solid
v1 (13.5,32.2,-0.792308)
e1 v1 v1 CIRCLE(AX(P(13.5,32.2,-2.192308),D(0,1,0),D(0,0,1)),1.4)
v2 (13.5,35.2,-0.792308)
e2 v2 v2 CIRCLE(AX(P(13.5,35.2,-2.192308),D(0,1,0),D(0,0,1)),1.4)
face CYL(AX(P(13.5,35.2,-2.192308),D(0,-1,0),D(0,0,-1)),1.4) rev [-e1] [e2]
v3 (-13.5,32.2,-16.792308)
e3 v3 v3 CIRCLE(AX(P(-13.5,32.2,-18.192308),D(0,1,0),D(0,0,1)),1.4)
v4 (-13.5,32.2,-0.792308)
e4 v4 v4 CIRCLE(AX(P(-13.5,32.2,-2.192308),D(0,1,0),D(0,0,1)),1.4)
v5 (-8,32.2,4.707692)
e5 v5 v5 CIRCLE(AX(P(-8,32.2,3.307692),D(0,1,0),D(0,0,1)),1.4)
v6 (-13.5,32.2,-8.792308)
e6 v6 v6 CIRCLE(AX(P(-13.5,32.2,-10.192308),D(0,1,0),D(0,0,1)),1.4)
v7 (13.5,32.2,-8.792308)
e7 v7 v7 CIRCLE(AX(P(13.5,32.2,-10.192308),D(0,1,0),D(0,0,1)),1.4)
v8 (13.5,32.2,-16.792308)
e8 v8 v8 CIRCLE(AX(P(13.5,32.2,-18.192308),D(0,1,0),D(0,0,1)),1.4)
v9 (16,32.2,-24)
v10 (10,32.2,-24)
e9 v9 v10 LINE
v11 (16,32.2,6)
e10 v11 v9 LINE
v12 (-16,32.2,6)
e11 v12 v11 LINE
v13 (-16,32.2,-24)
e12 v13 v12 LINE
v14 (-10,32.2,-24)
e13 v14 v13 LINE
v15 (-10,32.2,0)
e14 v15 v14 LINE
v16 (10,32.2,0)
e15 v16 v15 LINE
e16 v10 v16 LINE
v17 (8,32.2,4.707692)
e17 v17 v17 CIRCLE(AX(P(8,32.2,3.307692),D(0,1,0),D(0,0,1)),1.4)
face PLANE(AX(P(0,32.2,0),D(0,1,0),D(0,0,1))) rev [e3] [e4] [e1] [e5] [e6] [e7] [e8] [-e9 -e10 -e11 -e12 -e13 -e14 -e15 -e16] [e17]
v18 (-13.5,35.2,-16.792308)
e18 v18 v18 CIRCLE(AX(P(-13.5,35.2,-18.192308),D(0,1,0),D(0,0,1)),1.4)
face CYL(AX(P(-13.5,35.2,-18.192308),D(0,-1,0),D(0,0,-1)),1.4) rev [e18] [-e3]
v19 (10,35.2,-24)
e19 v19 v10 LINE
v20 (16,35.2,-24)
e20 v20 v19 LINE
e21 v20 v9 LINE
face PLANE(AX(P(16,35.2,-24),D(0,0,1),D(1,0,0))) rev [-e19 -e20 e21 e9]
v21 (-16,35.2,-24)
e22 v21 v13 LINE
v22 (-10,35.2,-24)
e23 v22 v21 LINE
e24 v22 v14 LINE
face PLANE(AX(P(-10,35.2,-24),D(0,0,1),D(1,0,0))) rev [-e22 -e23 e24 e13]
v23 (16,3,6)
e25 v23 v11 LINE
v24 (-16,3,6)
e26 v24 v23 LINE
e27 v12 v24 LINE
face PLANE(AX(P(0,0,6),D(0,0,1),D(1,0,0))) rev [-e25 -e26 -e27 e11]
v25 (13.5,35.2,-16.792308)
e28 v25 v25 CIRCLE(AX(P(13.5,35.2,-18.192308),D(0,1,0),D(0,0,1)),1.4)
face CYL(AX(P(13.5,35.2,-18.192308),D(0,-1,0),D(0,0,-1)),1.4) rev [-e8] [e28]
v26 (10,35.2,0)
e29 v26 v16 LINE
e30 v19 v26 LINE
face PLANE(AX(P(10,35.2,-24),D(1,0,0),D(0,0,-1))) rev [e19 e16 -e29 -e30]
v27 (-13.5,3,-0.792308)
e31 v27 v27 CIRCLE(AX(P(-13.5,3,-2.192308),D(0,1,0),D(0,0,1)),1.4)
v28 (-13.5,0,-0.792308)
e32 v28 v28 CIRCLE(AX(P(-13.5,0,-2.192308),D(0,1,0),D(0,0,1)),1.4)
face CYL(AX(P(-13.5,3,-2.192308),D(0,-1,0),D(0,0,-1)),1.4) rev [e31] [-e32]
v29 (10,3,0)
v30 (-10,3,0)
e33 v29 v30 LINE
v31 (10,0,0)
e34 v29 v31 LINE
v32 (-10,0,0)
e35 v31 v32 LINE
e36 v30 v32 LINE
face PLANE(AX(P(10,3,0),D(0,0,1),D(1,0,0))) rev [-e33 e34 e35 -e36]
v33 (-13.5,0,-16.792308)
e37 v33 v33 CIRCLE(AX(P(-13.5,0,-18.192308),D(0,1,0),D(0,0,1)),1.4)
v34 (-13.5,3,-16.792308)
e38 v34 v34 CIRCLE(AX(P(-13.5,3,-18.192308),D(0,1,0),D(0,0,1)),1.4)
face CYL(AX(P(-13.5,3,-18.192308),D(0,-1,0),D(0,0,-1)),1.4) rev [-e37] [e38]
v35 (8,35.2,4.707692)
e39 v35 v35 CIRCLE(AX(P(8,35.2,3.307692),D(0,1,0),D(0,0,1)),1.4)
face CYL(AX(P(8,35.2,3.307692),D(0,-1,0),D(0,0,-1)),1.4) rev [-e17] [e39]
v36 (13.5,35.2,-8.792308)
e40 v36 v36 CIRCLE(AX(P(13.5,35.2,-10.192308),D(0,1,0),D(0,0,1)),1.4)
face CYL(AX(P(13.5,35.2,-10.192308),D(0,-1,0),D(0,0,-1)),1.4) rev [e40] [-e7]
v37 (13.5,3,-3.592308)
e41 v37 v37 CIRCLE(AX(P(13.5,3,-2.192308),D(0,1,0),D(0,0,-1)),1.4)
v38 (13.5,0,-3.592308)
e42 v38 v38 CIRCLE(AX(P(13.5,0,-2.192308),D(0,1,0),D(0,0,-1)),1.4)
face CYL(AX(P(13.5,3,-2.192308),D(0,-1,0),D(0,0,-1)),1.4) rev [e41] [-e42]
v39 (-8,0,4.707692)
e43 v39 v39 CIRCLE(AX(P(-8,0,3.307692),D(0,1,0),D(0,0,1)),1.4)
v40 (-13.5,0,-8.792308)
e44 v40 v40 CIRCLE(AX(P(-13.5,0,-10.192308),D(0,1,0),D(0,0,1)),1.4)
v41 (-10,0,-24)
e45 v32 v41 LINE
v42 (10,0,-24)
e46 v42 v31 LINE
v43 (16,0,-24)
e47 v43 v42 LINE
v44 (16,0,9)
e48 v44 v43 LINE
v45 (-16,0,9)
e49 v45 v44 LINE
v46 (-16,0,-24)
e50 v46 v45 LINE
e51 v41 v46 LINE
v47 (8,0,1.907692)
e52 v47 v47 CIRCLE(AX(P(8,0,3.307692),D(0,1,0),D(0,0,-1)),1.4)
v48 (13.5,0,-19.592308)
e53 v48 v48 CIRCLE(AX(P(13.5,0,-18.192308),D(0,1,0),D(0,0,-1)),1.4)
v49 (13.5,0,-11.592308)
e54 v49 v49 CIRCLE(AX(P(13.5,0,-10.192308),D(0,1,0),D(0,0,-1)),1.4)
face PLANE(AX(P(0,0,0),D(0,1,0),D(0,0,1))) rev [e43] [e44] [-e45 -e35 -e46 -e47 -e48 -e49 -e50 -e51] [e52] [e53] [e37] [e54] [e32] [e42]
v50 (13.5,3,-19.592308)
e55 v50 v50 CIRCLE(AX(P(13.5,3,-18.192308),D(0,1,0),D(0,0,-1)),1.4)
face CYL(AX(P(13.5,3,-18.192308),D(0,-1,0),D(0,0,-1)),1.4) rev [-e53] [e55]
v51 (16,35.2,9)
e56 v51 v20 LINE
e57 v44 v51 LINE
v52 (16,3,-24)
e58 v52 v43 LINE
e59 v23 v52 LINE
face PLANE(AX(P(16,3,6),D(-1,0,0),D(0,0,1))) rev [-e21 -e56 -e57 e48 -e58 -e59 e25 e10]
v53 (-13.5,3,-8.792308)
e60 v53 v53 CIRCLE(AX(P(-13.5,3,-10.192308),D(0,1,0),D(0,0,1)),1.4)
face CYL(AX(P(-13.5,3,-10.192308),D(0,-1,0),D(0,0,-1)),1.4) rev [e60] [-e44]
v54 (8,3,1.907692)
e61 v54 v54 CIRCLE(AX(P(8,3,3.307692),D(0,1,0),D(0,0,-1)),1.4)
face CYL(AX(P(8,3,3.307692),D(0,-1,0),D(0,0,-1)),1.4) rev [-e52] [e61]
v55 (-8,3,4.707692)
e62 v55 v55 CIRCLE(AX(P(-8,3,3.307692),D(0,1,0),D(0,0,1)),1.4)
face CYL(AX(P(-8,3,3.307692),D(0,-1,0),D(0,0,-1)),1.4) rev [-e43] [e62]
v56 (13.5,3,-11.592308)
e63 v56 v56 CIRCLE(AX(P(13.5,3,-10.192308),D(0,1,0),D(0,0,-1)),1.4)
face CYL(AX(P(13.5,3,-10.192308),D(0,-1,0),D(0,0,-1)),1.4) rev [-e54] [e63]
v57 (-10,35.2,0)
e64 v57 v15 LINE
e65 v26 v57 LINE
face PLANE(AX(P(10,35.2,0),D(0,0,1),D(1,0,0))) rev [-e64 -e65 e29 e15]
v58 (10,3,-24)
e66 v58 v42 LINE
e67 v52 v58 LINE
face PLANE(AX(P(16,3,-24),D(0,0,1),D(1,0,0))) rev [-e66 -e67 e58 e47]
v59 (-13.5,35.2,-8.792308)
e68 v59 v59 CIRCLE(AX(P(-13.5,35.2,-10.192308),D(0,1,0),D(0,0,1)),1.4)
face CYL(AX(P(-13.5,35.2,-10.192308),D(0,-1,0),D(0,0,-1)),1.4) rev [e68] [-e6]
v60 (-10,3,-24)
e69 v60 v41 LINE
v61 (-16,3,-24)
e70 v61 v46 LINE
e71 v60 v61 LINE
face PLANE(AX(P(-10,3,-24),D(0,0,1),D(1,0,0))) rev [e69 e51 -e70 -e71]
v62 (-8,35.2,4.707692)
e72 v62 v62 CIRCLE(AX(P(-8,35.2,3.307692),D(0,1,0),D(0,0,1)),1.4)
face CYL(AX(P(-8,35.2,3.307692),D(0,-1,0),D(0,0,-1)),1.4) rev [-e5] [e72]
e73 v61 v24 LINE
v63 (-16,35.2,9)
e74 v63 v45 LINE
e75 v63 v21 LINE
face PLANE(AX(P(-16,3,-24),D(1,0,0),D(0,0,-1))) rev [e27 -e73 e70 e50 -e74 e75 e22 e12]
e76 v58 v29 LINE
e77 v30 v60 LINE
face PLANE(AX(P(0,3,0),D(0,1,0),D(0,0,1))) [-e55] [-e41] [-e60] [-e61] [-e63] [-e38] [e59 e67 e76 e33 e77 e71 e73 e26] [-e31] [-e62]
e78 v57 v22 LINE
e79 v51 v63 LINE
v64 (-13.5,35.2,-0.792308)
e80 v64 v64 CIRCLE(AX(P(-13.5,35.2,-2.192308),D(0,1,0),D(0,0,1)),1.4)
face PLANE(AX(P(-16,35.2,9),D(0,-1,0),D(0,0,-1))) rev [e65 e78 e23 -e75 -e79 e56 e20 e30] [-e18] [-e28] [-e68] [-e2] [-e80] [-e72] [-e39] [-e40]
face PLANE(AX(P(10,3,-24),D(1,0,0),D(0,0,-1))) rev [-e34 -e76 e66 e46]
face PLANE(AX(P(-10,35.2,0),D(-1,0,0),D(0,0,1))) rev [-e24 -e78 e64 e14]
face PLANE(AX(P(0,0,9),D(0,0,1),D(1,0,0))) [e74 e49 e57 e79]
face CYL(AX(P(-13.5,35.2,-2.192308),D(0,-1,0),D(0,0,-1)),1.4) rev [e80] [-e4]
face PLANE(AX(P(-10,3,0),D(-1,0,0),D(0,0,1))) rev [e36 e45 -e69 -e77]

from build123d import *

# Parameters (mm, degrees)
SKETCH1_R           = 1.4
BOSS_EXTRUDE1_DEPTH = 3
SKETCH2_R           = 1.4
BOSS_EXTRUDE2_DEPTH = 3
SKETCH3_W           = 32
SKETCH3_H           = 35.2
BOSS_EXTRUDE3_DEPTH = 3


with BuildPart() as part:
    # Sketch1 → Boss-Extrude1 (new body)
    with BuildSketch(Plane(origin=(0, 0, 0), x_dir=(1, 0, 0), z_dir=(0, 1, 0))):
        Polygon((-16, 24), (-16, -6), (16, -6), (16, 24), (10, 24), (10, 0), (-10, 0), (-10, 24), align=None)
        with Locations(Location((-8, -3.307692308, 0), (0, 0, 270))):
            Circle(SKETCH1_R, mode=Mode.SUBTRACT)
        with Locations(Location((8, -3.307692308, 0), (0, 0, 90))):
            Circle(SKETCH1_R, mode=Mode.SUBTRACT)
        with Locations(Location((-13.5, 18.192307692, 0), (0, 0, 270))):
            Circle(SKETCH1_R, mode=Mode.SUBTRACT)
        with Locations(Location((-13.5, 10.192307692, 0), (0, 0, 270))):
            Circle(SKETCH1_R, mode=Mode.SUBTRACT)
        with Locations(Location((-13.5, 2.192307692, 0), (0, 0, 270))):
            Circle(SKETCH1_R, mode=Mode.SUBTRACT)
        with Locations(Location((13.5, 2.192307692, 0), (0, 0, 90))):
            Circle(SKETCH1_R, mode=Mode.SUBTRACT)
        with Locations(Location((13.5, 10.192307692, 0), (0, 0, 90))):
            Circle(SKETCH1_R, mode=Mode.SUBTRACT)
        with Locations(Location((13.5, 18.192307692, 0), (0, 0, 90))):
            Circle(SKETCH1_R, mode=Mode.SUBTRACT)
    extrude(amount=BOSS_EXTRUDE1_DEPTH)



with BuildPart() as body_2:
    # Sketch2 → Boss-Extrude2 (new body)
    with BuildSketch(Plane(origin=(0, 32.2, 0), x_dir=(1, 0, 0), z_dir=(0, 1, 0))):
        Polygon((16, 24), (10, 24), (10, 0), (-10, 0), (-10, 24), (-16, 24), (-16, -6), (16, -6), align=None)
        with Locations(Location((-13.5, 18.192307692, 0), (0, 0, 270))):
            Circle(SKETCH2_R, mode=Mode.SUBTRACT)
        with Locations(Location((13.5, 18.192307692, 0), (0, 0, 90))):
            Circle(SKETCH2_R, mode=Mode.SUBTRACT)
        with Locations(Location((13.5, 10.192307692, 0), (0, 0, 90))):
            Circle(SKETCH2_R, mode=Mode.SUBTRACT)
        with Locations(Location((13.5, 2.192307692, 0), (0, 0, 90))):
            Circle(SKETCH2_R, mode=Mode.SUBTRACT)
        with Locations(Location((8, -3.307692308, 0), (0, 0, 90))):
            Circle(SKETCH2_R, mode=Mode.SUBTRACT)
        with Locations(Location((-8, -3.307692308, 0), (0, 0, 270))):
            Circle(SKETCH2_R, mode=Mode.SUBTRACT)
        with Locations(Location((-13.5, 10.192307692, 0), (0, 0, 270))):
            Circle(SKETCH2_R, mode=Mode.SUBTRACT)
        with Locations(Location((-13.5, 2.192307692, 0), (0, 0, 270))):
            Circle(SKETCH2_R, mode=Mode.SUBTRACT)
    extrude(amount=BOSS_EXTRUDE2_DEPTH)


with BuildPart() as part_1:
    add(part.part)

    add(body_2.part)  # Boss-Extrude3 merges body 2
    # Sketch3 → Boss-Extrude3 (add)
    with BuildSketch(Plane.XY.offset(6)):
        with Locations((0, 17.6)):
            Rectangle(SKETCH3_W, SKETCH3_H)
    extrude(amount=BOSS_EXTRUDE3_DEPTH)


solid = part_1.part
